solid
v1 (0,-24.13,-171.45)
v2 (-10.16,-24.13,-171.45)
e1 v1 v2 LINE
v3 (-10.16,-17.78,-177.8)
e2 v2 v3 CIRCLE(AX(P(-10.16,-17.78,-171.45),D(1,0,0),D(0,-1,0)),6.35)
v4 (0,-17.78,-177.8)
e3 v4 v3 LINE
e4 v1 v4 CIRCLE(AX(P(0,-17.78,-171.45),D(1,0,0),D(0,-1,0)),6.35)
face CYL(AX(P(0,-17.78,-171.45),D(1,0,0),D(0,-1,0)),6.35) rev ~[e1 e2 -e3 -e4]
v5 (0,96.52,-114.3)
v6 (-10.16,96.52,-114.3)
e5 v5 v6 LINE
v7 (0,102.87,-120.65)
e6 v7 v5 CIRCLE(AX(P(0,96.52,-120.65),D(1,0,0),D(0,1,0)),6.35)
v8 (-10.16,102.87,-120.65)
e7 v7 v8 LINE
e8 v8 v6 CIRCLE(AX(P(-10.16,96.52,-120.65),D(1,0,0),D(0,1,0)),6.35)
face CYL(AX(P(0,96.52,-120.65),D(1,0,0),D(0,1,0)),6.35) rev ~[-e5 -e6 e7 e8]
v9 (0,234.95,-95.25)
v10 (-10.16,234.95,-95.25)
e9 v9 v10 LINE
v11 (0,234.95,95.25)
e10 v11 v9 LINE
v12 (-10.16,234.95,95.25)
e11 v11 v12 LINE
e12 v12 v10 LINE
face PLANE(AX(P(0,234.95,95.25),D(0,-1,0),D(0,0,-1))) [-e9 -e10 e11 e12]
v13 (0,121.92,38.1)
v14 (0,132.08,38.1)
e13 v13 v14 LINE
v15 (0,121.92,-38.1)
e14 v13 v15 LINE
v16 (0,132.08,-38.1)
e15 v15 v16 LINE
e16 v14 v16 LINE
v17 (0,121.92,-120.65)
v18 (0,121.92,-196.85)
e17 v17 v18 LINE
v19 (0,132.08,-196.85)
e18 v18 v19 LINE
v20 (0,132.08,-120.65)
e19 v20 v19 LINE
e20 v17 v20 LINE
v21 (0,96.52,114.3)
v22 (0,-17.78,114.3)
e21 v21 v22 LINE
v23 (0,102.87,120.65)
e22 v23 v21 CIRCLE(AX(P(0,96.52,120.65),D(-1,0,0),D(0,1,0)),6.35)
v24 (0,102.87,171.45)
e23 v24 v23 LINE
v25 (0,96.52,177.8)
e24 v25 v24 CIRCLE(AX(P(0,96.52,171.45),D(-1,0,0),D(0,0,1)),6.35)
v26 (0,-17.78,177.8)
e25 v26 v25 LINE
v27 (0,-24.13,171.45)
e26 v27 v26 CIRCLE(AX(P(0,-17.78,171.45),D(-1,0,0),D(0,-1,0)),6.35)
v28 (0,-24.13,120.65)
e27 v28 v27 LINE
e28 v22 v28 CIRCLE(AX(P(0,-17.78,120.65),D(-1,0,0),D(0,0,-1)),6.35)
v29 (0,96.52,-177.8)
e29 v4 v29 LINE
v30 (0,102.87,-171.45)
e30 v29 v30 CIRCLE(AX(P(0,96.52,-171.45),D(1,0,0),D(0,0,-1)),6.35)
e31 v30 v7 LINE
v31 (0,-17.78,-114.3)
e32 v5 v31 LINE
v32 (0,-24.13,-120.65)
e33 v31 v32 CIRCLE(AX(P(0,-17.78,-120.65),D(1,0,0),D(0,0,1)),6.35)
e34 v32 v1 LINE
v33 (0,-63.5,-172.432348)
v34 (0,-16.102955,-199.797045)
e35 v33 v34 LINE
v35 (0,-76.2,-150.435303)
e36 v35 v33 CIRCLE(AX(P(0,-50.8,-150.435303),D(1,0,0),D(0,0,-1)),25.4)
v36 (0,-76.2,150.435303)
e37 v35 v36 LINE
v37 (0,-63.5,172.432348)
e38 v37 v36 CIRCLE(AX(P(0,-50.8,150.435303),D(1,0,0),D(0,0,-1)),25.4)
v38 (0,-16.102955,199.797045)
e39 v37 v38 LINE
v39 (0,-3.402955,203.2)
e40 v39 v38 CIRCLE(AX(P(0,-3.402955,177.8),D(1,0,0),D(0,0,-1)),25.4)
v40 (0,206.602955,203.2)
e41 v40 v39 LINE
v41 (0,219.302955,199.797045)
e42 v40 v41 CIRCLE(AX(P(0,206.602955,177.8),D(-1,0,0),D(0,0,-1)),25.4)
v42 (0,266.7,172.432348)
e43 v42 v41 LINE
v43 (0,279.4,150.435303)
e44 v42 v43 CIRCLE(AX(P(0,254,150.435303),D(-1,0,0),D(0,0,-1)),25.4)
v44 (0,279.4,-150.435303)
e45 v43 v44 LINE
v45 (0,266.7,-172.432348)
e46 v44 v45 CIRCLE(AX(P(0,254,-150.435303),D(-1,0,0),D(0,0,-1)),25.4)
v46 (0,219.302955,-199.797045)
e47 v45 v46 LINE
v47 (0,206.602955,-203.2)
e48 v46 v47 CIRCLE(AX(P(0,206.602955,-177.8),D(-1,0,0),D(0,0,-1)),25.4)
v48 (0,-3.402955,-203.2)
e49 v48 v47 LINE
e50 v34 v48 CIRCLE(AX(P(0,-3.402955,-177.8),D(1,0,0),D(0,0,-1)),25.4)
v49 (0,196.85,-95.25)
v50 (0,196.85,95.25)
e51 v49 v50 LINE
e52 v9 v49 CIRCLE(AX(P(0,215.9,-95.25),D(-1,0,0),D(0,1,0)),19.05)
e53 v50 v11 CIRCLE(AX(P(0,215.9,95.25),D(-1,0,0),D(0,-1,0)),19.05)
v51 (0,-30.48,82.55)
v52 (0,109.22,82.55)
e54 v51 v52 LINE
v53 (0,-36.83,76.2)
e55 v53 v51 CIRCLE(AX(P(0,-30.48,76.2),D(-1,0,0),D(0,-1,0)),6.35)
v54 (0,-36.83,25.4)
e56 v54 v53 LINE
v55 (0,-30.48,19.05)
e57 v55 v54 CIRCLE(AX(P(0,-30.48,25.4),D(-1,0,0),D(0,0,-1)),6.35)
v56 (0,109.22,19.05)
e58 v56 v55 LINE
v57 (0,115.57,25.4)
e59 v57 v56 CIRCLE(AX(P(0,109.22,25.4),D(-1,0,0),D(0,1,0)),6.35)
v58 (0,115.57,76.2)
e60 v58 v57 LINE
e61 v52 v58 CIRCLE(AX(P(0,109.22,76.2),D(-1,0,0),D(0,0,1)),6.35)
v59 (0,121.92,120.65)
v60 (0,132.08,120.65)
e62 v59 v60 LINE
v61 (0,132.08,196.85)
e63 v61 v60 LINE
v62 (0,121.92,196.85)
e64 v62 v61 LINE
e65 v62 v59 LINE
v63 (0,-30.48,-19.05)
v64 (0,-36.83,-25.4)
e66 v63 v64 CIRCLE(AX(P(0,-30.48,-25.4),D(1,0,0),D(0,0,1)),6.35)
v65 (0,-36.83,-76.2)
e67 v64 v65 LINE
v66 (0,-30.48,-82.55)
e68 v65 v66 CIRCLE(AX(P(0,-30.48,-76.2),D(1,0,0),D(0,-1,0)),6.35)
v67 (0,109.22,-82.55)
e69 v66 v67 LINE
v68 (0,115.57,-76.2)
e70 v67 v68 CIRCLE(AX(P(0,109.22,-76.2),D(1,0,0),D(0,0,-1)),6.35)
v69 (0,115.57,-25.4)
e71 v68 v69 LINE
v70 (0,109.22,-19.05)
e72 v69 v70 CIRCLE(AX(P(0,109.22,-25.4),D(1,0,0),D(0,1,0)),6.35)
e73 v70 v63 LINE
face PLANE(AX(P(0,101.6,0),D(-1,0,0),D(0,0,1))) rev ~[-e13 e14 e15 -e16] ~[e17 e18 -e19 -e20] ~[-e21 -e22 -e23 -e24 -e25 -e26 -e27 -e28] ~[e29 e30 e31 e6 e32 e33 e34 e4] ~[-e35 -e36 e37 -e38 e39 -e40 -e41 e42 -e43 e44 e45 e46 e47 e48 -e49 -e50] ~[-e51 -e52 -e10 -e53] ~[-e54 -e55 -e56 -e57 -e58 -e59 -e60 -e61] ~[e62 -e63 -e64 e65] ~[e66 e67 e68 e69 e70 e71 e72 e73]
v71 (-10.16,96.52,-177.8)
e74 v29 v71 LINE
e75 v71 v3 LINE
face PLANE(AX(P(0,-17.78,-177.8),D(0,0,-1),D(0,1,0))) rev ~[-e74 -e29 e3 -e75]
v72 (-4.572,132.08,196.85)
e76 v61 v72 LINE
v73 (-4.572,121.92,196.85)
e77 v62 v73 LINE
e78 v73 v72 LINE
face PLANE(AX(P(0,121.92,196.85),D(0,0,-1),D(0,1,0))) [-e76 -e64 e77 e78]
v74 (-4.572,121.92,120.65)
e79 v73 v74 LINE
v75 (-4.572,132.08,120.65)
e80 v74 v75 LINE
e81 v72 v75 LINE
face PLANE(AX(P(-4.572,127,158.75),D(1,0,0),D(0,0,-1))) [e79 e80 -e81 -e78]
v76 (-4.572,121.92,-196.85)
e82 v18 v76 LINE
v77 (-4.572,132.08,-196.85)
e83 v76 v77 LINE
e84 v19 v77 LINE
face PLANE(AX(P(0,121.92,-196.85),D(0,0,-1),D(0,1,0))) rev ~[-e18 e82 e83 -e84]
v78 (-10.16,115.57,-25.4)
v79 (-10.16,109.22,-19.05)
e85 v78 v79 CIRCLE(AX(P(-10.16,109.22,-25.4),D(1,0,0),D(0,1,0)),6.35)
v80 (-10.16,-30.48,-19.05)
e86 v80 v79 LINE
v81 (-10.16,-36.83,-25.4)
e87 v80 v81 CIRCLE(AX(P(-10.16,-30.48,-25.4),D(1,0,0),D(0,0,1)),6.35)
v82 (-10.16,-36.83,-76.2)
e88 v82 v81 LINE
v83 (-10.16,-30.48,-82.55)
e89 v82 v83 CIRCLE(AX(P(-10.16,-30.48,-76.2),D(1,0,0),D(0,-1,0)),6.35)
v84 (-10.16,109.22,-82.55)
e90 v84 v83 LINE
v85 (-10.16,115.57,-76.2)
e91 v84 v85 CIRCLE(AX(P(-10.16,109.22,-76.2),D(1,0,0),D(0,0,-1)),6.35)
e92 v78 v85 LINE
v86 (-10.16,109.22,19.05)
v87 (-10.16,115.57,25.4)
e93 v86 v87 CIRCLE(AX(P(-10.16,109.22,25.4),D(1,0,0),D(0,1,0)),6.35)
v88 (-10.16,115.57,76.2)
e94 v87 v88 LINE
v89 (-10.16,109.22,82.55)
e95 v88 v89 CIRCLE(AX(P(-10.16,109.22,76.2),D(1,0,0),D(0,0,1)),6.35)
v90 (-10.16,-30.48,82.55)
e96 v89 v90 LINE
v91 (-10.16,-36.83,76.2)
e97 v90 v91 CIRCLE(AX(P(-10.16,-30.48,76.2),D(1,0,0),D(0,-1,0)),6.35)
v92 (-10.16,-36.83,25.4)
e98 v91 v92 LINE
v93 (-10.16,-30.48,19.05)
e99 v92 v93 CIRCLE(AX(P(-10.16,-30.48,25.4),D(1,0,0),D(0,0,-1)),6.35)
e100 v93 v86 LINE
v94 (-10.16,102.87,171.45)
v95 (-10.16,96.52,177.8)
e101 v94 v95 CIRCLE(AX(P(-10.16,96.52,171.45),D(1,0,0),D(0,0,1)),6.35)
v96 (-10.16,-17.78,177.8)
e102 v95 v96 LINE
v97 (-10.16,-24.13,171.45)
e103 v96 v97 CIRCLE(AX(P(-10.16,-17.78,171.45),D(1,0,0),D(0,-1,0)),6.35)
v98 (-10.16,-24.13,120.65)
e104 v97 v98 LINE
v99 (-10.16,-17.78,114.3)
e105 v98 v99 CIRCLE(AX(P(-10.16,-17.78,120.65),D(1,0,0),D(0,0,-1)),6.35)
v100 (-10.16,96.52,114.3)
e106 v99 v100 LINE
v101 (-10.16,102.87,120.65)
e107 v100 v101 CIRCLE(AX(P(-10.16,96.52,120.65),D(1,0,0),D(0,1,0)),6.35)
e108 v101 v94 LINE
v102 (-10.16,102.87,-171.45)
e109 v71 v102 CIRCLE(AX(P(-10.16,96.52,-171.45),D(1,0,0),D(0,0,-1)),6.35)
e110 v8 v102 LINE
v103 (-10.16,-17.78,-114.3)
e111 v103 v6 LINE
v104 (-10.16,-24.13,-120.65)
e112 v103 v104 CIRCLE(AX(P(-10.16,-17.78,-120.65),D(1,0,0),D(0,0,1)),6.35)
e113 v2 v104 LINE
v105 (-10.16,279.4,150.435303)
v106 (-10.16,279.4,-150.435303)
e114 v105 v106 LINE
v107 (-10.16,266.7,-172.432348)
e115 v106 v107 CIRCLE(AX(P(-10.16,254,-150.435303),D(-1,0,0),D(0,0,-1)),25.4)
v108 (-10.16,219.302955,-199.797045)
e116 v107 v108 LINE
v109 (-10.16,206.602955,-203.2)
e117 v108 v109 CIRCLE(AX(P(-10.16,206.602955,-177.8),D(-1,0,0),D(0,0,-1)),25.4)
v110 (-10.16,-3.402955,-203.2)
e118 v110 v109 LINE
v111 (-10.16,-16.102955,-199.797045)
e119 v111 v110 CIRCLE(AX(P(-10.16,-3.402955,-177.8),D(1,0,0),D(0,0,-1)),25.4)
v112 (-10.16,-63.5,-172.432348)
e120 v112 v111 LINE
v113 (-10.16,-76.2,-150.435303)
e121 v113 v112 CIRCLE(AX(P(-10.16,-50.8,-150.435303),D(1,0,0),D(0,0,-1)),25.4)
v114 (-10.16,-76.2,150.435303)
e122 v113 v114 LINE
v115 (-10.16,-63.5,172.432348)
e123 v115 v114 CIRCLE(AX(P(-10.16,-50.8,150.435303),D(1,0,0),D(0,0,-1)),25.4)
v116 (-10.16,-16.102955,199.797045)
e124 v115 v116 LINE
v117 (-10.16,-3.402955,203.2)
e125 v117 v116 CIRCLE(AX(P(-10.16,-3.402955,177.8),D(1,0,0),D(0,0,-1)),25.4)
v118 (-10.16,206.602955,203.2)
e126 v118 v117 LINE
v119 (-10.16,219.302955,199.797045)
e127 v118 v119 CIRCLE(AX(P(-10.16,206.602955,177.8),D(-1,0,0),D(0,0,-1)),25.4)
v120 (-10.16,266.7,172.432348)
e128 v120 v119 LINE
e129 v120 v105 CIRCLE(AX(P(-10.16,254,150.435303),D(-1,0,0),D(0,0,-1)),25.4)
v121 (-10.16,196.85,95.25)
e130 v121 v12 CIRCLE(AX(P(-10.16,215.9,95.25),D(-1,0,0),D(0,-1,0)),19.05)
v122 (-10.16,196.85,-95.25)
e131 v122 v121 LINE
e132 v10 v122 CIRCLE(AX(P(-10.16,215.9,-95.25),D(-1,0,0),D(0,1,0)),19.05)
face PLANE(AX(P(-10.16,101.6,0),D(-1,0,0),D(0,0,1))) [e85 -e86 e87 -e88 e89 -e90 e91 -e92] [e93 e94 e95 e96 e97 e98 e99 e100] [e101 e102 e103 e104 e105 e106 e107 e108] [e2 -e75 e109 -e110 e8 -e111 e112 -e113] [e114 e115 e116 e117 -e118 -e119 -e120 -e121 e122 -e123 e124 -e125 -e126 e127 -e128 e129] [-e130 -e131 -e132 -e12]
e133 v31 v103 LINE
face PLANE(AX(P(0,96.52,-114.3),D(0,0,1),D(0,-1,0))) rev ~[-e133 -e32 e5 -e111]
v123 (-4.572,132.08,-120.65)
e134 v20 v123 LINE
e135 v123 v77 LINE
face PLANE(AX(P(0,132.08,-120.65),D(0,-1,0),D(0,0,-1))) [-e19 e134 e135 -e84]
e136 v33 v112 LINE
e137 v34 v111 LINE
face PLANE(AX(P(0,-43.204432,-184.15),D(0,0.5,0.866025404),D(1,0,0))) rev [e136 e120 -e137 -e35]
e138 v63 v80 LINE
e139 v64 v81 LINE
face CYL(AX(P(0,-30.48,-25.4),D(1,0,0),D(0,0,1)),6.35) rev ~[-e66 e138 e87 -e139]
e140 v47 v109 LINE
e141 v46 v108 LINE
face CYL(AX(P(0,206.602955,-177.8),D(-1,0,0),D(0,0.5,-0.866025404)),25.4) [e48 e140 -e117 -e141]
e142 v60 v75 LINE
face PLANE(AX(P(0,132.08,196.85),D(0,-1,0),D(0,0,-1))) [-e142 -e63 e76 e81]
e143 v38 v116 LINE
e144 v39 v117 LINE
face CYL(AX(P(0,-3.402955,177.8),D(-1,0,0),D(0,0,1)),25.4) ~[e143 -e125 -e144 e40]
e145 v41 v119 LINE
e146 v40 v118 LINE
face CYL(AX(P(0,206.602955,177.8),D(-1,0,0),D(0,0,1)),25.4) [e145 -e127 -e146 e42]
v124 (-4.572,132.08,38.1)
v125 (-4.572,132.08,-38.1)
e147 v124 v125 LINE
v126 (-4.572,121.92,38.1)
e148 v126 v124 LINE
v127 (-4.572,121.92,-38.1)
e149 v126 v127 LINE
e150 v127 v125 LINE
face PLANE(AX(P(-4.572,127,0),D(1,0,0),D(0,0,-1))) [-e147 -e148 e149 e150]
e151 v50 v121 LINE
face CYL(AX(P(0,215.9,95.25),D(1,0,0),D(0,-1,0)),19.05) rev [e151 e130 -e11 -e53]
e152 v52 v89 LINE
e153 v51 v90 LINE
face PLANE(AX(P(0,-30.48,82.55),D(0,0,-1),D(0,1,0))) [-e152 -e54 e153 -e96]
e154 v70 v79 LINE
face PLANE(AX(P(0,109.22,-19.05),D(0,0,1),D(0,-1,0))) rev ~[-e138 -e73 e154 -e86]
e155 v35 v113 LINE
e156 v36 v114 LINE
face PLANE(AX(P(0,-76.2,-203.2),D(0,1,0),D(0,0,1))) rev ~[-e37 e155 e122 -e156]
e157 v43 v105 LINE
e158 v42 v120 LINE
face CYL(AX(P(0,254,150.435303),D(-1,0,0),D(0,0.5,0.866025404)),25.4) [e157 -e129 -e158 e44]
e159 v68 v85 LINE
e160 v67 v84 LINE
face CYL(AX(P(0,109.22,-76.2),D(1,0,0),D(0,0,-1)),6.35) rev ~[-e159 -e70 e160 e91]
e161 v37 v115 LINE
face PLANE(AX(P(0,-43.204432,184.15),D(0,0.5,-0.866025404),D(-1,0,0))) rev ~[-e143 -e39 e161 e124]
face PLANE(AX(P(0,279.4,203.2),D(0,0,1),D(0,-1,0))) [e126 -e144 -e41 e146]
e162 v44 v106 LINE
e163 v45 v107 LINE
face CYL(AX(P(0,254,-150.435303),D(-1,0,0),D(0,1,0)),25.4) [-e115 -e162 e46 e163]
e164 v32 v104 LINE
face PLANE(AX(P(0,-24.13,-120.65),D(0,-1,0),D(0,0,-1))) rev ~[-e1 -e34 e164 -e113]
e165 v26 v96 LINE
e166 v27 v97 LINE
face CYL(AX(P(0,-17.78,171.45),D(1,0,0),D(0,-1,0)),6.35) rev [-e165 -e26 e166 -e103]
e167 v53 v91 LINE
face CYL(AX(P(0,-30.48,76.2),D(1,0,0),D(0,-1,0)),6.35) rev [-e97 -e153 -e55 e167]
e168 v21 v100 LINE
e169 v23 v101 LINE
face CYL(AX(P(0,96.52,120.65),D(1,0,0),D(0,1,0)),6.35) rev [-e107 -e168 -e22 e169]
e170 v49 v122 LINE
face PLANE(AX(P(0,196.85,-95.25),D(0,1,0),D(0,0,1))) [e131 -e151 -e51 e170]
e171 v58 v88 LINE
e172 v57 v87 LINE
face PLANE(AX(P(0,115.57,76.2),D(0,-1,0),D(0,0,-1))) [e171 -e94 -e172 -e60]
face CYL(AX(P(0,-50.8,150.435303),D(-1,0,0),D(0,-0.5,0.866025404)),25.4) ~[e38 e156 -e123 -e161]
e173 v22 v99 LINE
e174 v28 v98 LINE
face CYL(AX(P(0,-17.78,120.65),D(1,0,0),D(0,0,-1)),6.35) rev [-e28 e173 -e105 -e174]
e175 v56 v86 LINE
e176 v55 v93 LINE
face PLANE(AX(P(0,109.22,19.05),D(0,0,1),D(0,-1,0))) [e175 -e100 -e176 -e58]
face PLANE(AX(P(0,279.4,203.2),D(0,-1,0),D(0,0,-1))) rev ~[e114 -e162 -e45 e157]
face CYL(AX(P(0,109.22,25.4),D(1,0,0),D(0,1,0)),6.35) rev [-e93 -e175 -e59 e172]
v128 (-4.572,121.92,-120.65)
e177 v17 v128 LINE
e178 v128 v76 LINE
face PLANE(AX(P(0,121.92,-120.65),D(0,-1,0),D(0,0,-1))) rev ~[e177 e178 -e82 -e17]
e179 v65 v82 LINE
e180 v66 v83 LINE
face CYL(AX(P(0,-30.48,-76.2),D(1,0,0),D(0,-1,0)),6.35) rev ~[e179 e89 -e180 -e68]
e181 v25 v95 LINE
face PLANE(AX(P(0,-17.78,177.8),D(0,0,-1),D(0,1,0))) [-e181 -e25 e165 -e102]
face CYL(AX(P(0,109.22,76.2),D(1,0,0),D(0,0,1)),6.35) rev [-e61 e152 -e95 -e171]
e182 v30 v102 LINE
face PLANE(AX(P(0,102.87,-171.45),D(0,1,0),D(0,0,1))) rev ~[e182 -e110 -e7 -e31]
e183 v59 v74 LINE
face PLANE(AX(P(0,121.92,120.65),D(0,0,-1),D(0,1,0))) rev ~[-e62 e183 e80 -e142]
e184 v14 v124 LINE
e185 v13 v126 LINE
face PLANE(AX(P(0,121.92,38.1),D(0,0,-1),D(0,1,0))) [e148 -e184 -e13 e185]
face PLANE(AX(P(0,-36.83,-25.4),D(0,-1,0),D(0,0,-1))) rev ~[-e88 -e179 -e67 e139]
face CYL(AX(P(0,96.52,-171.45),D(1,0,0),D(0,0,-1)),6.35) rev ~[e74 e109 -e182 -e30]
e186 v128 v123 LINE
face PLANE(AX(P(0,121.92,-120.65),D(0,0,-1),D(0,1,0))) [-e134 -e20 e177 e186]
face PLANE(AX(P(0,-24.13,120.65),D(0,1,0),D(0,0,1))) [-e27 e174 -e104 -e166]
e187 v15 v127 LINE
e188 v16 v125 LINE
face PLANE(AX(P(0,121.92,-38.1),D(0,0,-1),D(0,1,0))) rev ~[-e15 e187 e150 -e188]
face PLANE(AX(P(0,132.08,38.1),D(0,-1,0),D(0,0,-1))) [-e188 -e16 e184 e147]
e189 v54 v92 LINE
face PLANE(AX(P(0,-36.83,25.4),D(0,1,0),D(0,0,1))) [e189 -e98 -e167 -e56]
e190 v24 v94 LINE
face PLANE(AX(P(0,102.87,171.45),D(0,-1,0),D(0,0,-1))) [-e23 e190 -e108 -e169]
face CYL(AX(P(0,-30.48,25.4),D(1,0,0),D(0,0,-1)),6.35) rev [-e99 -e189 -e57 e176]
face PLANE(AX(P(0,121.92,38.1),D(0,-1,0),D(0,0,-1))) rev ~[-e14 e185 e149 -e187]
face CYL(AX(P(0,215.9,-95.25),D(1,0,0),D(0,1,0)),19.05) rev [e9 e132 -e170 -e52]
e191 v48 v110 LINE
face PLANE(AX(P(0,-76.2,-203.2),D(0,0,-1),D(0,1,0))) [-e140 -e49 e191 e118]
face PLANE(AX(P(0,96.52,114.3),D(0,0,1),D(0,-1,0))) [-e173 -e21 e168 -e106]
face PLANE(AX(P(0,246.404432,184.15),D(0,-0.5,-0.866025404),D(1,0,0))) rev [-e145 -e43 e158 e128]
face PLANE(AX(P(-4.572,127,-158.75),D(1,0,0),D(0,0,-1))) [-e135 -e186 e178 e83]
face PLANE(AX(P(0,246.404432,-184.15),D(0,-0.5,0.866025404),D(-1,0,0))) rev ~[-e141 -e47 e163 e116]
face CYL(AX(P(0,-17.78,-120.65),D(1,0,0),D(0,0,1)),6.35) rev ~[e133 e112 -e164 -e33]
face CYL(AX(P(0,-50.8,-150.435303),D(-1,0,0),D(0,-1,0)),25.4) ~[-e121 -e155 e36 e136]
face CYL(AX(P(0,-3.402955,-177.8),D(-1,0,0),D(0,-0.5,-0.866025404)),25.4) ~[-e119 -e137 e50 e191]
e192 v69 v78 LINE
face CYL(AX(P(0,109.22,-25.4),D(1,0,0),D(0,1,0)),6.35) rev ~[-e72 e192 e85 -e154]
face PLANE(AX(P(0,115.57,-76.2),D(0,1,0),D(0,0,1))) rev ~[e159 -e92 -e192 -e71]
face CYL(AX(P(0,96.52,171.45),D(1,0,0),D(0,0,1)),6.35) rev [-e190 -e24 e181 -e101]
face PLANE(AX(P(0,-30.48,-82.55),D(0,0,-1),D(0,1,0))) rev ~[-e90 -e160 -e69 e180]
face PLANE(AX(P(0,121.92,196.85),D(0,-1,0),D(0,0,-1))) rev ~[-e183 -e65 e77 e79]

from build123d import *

# Parameters (mm, degrees)
BOSS_EXTRUDE1_DEPTH   = 10.16
SKETCH2_W             = 76.2
SKETCH2_H             = 10.16
CUT_EXTRUDE1_DEPTH    = 4.572
CHAMFER1_SIZE         = 38.1
CHAMFER1_SIZE2        = 65.991135768
CHAMFER1_PART_2_SIZE  = 38.1
CHAMFER1_PART_2_SIZE2 = 65.991135768
FILLET1_R             = 25.4
CUT_EXTRUDE2_DEPTH    = 11.16


with BuildPart() as part:
    # Sketch1 → Boss-Extrude1 (new body)
    with BuildSketch(Plane(origin=(0, 0, 0), x_dir=(0, 0, -1), z_dir=(1, 0, 0))):
        Polygon((-203.2, 0), (-203.2, 254), (-203.2, 279.4), (203.2, 279.4), (203.2, 254), (203.2, 0), (203.2, -76.2), (-203.2, -76.2), align=None)
        with BuildLine():
            Line((-95.25, 234.95), (95.25, 234.95))
            ThreePointArc((95.25, 234.95), (114.3, 215.9), (95.25, 196.85))
            Line((95.25, 196.85), (-95.25, 196.85))
            ThreePointArc((-95.25, 196.85), (-114.3, 215.9), (-95.25, 234.95))
        make_face(mode=Mode.SUBTRACT)
    extrude(amount=-BOSS_EXTRUDE1_DEPTH)

    # Sketch2 → Cut-Extrude1 (cut)
    with BuildSketch(Plane(origin=(0, 0, 0), x_dir=(0, 0, -1), z_dir=(1, 0, 0))):
        with Locations((-158.75, 127)):
            Rectangle(SKETCH2_W, SKETCH2_H)
        with Locations((0, 127)):
            Rectangle(SKETCH2_W, SKETCH2_H)
        with Locations((158.75, 127)):
            Rectangle(SKETCH2_W, SKETCH2_H)
    extrude(amount=-CUT_EXTRUDE1_DEPTH, mode=Mode.SUBTRACT)

    # Chamfer1
    chamfer1_edges = [part.edges().sort_by_distance(p)[0] for p in [
        (-5.08, 279.4, 203.2),
        (-5.08, 279.4, -203.2),
    ]]
    chamfer1_side = [part.faces().sort_by_distance(p)[0] for p in [
        (-5.08, 279.4, 0),
    ]]
    chamfer(chamfer1_edges, length=CHAMFER1_SIZE, length2=CHAMFER1_SIZE2, reference=chamfer1_side[0])

    # Chamfer1 part 2
    chamfer1_part_2_edges = [part.edges().sort_by_distance(p)[0] for p in [
        (-5.08, -76.2, -203.2),
        (-5.08, -76.2, 203.2),
    ]]
    chamfer1_part_2_side = [part.faces().sort_by_distance(p)[0] for p in [
        (-5.08, -76.2, 0),
    ]]
    chamfer(chamfer1_part_2_edges, length=CHAMFER1_PART_2_SIZE, length2=CHAMFER1_PART_2_SIZE2, reference=chamfer1_part_2_side[0])

    # Fillet1
    fillet1_edges = [part.edges().sort_by_distance(p)[0] for p in [
        (-5.08, -76.2, 165.1),
        (-5.08, -76.2, -165.1),
        (-5.08, 213.408864232, -203.2),
        (-5.08, -10.208864232, -203.2),
        (-5.08, 213.408864232, 203.2),
        (-5.08, -10.208864232, 203.2),
        (-5.08, 279.4, -165.1),
        (-5.08, 279.4, 165.1),
    ]]
    fillet(fillet1_edges, radius=FILLET1_R)

    # Sketch11 → Cut-Extrude2 (cut, through all)
    with BuildSketch(Plane(origin=(0, 0, 0), x_dir=(0, 0, -1), z_dir=(1, 0, 0))):
        with BuildLine():
            Line((-171.45, 102.87), (-120.65, 102.87))
            ThreePointArc((-120.65, 102.87), (-116.159871939, 101.010128061), (-114.3, 96.52))
            Line((-114.3, 96.52), (-114.3, -17.78))
            ThreePointArc((-114.3, -17.78), (-116.159871939, -22.270128061), (-120.65, -24.13))
            Line((-120.65, -24.13), (-171.45, -24.13))
            ThreePointArc((-171.45, -24.13), (-175.940128061, -22.270128061), (-177.8, -17.78))
            Line((-177.8, -17.78), (-177.8, 96.52))
            ThreePointArc((-177.8, 96.52), (-175.940128061, 101.010128061), (-171.45, 102.87))
        make_face()
        with BuildLine():
            Line((-76.2, 115.57), (-25.4, 115.57))
            ThreePointArc((-25.4, 115.57), (-20.909871939, 113.710128061), (-19.05, 109.22))
            Line((-19.05, 109.22), (-19.05, -30.48))
            ThreePointArc((-19.05, -30.48), (-20.909871939, -34.970128061), (-25.4, -36.83))
            Line((-25.4, -36.83), (-76.2, -36.83))
            ThreePointArc((-76.2, -36.83), (-80.690128061, -34.970128061), (-82.55, -30.48))
            Line((-82.55, -30.48), (-82.55, 109.22))
            ThreePointArc((-82.55, 109.22), (-80.690128061, 113.710128061), (-76.2, 115.57))
        make_face()
        with BuildLine():
            Line((19.05, 109.22), (19.05, -30.48))
            ThreePointArc((19.05, -30.48), (20.909871939, -34.970128061), (25.4, -36.83))
            Line((25.4, -36.83), (76.2, -36.83))
            ThreePointArc((76.2, -36.83), (80.690128061, -34.970128061), (82.55, -30.48))
            Line((82.55, -30.48), (82.55, 109.22))
            ThreePointArc((82.55, 109.22), (80.690128061, 113.710128061), (76.2, 115.57))
            Line((76.2, 115.57), (25.4, 115.57))
            ThreePointArc((25.4, 115.57), (20.909871939, 113.710128061), (19.05, 109.22))
        make_face()
        with BuildLine():
            Line((114.3, 96.52), (114.3, -17.78))
            ThreePointArc((114.3, -17.78), (116.159871939, -22.270128061), (120.65, -24.13))
            Line((120.65, -24.13), (171.45, -24.13))
            ThreePointArc((171.45, -24.13), (175.940128061, -22.270128061), (177.8, -17.78))
            Line((177.8, -17.78), (177.8, 96.52))
            ThreePointArc((177.8, 96.52), (175.940128061, 101.010128061), (171.45, 102.87))
            Line((171.45, 102.87), (120.65, 102.87))
            ThreePointArc((120.65, 102.87), (116.159871939, 101.010128061), (114.3, 96.52))
        make_face()
    extrude(amount=-CUT_EXTRUDE2_DEPTH, mode=Mode.SUBTRACT)


solid = part.part
